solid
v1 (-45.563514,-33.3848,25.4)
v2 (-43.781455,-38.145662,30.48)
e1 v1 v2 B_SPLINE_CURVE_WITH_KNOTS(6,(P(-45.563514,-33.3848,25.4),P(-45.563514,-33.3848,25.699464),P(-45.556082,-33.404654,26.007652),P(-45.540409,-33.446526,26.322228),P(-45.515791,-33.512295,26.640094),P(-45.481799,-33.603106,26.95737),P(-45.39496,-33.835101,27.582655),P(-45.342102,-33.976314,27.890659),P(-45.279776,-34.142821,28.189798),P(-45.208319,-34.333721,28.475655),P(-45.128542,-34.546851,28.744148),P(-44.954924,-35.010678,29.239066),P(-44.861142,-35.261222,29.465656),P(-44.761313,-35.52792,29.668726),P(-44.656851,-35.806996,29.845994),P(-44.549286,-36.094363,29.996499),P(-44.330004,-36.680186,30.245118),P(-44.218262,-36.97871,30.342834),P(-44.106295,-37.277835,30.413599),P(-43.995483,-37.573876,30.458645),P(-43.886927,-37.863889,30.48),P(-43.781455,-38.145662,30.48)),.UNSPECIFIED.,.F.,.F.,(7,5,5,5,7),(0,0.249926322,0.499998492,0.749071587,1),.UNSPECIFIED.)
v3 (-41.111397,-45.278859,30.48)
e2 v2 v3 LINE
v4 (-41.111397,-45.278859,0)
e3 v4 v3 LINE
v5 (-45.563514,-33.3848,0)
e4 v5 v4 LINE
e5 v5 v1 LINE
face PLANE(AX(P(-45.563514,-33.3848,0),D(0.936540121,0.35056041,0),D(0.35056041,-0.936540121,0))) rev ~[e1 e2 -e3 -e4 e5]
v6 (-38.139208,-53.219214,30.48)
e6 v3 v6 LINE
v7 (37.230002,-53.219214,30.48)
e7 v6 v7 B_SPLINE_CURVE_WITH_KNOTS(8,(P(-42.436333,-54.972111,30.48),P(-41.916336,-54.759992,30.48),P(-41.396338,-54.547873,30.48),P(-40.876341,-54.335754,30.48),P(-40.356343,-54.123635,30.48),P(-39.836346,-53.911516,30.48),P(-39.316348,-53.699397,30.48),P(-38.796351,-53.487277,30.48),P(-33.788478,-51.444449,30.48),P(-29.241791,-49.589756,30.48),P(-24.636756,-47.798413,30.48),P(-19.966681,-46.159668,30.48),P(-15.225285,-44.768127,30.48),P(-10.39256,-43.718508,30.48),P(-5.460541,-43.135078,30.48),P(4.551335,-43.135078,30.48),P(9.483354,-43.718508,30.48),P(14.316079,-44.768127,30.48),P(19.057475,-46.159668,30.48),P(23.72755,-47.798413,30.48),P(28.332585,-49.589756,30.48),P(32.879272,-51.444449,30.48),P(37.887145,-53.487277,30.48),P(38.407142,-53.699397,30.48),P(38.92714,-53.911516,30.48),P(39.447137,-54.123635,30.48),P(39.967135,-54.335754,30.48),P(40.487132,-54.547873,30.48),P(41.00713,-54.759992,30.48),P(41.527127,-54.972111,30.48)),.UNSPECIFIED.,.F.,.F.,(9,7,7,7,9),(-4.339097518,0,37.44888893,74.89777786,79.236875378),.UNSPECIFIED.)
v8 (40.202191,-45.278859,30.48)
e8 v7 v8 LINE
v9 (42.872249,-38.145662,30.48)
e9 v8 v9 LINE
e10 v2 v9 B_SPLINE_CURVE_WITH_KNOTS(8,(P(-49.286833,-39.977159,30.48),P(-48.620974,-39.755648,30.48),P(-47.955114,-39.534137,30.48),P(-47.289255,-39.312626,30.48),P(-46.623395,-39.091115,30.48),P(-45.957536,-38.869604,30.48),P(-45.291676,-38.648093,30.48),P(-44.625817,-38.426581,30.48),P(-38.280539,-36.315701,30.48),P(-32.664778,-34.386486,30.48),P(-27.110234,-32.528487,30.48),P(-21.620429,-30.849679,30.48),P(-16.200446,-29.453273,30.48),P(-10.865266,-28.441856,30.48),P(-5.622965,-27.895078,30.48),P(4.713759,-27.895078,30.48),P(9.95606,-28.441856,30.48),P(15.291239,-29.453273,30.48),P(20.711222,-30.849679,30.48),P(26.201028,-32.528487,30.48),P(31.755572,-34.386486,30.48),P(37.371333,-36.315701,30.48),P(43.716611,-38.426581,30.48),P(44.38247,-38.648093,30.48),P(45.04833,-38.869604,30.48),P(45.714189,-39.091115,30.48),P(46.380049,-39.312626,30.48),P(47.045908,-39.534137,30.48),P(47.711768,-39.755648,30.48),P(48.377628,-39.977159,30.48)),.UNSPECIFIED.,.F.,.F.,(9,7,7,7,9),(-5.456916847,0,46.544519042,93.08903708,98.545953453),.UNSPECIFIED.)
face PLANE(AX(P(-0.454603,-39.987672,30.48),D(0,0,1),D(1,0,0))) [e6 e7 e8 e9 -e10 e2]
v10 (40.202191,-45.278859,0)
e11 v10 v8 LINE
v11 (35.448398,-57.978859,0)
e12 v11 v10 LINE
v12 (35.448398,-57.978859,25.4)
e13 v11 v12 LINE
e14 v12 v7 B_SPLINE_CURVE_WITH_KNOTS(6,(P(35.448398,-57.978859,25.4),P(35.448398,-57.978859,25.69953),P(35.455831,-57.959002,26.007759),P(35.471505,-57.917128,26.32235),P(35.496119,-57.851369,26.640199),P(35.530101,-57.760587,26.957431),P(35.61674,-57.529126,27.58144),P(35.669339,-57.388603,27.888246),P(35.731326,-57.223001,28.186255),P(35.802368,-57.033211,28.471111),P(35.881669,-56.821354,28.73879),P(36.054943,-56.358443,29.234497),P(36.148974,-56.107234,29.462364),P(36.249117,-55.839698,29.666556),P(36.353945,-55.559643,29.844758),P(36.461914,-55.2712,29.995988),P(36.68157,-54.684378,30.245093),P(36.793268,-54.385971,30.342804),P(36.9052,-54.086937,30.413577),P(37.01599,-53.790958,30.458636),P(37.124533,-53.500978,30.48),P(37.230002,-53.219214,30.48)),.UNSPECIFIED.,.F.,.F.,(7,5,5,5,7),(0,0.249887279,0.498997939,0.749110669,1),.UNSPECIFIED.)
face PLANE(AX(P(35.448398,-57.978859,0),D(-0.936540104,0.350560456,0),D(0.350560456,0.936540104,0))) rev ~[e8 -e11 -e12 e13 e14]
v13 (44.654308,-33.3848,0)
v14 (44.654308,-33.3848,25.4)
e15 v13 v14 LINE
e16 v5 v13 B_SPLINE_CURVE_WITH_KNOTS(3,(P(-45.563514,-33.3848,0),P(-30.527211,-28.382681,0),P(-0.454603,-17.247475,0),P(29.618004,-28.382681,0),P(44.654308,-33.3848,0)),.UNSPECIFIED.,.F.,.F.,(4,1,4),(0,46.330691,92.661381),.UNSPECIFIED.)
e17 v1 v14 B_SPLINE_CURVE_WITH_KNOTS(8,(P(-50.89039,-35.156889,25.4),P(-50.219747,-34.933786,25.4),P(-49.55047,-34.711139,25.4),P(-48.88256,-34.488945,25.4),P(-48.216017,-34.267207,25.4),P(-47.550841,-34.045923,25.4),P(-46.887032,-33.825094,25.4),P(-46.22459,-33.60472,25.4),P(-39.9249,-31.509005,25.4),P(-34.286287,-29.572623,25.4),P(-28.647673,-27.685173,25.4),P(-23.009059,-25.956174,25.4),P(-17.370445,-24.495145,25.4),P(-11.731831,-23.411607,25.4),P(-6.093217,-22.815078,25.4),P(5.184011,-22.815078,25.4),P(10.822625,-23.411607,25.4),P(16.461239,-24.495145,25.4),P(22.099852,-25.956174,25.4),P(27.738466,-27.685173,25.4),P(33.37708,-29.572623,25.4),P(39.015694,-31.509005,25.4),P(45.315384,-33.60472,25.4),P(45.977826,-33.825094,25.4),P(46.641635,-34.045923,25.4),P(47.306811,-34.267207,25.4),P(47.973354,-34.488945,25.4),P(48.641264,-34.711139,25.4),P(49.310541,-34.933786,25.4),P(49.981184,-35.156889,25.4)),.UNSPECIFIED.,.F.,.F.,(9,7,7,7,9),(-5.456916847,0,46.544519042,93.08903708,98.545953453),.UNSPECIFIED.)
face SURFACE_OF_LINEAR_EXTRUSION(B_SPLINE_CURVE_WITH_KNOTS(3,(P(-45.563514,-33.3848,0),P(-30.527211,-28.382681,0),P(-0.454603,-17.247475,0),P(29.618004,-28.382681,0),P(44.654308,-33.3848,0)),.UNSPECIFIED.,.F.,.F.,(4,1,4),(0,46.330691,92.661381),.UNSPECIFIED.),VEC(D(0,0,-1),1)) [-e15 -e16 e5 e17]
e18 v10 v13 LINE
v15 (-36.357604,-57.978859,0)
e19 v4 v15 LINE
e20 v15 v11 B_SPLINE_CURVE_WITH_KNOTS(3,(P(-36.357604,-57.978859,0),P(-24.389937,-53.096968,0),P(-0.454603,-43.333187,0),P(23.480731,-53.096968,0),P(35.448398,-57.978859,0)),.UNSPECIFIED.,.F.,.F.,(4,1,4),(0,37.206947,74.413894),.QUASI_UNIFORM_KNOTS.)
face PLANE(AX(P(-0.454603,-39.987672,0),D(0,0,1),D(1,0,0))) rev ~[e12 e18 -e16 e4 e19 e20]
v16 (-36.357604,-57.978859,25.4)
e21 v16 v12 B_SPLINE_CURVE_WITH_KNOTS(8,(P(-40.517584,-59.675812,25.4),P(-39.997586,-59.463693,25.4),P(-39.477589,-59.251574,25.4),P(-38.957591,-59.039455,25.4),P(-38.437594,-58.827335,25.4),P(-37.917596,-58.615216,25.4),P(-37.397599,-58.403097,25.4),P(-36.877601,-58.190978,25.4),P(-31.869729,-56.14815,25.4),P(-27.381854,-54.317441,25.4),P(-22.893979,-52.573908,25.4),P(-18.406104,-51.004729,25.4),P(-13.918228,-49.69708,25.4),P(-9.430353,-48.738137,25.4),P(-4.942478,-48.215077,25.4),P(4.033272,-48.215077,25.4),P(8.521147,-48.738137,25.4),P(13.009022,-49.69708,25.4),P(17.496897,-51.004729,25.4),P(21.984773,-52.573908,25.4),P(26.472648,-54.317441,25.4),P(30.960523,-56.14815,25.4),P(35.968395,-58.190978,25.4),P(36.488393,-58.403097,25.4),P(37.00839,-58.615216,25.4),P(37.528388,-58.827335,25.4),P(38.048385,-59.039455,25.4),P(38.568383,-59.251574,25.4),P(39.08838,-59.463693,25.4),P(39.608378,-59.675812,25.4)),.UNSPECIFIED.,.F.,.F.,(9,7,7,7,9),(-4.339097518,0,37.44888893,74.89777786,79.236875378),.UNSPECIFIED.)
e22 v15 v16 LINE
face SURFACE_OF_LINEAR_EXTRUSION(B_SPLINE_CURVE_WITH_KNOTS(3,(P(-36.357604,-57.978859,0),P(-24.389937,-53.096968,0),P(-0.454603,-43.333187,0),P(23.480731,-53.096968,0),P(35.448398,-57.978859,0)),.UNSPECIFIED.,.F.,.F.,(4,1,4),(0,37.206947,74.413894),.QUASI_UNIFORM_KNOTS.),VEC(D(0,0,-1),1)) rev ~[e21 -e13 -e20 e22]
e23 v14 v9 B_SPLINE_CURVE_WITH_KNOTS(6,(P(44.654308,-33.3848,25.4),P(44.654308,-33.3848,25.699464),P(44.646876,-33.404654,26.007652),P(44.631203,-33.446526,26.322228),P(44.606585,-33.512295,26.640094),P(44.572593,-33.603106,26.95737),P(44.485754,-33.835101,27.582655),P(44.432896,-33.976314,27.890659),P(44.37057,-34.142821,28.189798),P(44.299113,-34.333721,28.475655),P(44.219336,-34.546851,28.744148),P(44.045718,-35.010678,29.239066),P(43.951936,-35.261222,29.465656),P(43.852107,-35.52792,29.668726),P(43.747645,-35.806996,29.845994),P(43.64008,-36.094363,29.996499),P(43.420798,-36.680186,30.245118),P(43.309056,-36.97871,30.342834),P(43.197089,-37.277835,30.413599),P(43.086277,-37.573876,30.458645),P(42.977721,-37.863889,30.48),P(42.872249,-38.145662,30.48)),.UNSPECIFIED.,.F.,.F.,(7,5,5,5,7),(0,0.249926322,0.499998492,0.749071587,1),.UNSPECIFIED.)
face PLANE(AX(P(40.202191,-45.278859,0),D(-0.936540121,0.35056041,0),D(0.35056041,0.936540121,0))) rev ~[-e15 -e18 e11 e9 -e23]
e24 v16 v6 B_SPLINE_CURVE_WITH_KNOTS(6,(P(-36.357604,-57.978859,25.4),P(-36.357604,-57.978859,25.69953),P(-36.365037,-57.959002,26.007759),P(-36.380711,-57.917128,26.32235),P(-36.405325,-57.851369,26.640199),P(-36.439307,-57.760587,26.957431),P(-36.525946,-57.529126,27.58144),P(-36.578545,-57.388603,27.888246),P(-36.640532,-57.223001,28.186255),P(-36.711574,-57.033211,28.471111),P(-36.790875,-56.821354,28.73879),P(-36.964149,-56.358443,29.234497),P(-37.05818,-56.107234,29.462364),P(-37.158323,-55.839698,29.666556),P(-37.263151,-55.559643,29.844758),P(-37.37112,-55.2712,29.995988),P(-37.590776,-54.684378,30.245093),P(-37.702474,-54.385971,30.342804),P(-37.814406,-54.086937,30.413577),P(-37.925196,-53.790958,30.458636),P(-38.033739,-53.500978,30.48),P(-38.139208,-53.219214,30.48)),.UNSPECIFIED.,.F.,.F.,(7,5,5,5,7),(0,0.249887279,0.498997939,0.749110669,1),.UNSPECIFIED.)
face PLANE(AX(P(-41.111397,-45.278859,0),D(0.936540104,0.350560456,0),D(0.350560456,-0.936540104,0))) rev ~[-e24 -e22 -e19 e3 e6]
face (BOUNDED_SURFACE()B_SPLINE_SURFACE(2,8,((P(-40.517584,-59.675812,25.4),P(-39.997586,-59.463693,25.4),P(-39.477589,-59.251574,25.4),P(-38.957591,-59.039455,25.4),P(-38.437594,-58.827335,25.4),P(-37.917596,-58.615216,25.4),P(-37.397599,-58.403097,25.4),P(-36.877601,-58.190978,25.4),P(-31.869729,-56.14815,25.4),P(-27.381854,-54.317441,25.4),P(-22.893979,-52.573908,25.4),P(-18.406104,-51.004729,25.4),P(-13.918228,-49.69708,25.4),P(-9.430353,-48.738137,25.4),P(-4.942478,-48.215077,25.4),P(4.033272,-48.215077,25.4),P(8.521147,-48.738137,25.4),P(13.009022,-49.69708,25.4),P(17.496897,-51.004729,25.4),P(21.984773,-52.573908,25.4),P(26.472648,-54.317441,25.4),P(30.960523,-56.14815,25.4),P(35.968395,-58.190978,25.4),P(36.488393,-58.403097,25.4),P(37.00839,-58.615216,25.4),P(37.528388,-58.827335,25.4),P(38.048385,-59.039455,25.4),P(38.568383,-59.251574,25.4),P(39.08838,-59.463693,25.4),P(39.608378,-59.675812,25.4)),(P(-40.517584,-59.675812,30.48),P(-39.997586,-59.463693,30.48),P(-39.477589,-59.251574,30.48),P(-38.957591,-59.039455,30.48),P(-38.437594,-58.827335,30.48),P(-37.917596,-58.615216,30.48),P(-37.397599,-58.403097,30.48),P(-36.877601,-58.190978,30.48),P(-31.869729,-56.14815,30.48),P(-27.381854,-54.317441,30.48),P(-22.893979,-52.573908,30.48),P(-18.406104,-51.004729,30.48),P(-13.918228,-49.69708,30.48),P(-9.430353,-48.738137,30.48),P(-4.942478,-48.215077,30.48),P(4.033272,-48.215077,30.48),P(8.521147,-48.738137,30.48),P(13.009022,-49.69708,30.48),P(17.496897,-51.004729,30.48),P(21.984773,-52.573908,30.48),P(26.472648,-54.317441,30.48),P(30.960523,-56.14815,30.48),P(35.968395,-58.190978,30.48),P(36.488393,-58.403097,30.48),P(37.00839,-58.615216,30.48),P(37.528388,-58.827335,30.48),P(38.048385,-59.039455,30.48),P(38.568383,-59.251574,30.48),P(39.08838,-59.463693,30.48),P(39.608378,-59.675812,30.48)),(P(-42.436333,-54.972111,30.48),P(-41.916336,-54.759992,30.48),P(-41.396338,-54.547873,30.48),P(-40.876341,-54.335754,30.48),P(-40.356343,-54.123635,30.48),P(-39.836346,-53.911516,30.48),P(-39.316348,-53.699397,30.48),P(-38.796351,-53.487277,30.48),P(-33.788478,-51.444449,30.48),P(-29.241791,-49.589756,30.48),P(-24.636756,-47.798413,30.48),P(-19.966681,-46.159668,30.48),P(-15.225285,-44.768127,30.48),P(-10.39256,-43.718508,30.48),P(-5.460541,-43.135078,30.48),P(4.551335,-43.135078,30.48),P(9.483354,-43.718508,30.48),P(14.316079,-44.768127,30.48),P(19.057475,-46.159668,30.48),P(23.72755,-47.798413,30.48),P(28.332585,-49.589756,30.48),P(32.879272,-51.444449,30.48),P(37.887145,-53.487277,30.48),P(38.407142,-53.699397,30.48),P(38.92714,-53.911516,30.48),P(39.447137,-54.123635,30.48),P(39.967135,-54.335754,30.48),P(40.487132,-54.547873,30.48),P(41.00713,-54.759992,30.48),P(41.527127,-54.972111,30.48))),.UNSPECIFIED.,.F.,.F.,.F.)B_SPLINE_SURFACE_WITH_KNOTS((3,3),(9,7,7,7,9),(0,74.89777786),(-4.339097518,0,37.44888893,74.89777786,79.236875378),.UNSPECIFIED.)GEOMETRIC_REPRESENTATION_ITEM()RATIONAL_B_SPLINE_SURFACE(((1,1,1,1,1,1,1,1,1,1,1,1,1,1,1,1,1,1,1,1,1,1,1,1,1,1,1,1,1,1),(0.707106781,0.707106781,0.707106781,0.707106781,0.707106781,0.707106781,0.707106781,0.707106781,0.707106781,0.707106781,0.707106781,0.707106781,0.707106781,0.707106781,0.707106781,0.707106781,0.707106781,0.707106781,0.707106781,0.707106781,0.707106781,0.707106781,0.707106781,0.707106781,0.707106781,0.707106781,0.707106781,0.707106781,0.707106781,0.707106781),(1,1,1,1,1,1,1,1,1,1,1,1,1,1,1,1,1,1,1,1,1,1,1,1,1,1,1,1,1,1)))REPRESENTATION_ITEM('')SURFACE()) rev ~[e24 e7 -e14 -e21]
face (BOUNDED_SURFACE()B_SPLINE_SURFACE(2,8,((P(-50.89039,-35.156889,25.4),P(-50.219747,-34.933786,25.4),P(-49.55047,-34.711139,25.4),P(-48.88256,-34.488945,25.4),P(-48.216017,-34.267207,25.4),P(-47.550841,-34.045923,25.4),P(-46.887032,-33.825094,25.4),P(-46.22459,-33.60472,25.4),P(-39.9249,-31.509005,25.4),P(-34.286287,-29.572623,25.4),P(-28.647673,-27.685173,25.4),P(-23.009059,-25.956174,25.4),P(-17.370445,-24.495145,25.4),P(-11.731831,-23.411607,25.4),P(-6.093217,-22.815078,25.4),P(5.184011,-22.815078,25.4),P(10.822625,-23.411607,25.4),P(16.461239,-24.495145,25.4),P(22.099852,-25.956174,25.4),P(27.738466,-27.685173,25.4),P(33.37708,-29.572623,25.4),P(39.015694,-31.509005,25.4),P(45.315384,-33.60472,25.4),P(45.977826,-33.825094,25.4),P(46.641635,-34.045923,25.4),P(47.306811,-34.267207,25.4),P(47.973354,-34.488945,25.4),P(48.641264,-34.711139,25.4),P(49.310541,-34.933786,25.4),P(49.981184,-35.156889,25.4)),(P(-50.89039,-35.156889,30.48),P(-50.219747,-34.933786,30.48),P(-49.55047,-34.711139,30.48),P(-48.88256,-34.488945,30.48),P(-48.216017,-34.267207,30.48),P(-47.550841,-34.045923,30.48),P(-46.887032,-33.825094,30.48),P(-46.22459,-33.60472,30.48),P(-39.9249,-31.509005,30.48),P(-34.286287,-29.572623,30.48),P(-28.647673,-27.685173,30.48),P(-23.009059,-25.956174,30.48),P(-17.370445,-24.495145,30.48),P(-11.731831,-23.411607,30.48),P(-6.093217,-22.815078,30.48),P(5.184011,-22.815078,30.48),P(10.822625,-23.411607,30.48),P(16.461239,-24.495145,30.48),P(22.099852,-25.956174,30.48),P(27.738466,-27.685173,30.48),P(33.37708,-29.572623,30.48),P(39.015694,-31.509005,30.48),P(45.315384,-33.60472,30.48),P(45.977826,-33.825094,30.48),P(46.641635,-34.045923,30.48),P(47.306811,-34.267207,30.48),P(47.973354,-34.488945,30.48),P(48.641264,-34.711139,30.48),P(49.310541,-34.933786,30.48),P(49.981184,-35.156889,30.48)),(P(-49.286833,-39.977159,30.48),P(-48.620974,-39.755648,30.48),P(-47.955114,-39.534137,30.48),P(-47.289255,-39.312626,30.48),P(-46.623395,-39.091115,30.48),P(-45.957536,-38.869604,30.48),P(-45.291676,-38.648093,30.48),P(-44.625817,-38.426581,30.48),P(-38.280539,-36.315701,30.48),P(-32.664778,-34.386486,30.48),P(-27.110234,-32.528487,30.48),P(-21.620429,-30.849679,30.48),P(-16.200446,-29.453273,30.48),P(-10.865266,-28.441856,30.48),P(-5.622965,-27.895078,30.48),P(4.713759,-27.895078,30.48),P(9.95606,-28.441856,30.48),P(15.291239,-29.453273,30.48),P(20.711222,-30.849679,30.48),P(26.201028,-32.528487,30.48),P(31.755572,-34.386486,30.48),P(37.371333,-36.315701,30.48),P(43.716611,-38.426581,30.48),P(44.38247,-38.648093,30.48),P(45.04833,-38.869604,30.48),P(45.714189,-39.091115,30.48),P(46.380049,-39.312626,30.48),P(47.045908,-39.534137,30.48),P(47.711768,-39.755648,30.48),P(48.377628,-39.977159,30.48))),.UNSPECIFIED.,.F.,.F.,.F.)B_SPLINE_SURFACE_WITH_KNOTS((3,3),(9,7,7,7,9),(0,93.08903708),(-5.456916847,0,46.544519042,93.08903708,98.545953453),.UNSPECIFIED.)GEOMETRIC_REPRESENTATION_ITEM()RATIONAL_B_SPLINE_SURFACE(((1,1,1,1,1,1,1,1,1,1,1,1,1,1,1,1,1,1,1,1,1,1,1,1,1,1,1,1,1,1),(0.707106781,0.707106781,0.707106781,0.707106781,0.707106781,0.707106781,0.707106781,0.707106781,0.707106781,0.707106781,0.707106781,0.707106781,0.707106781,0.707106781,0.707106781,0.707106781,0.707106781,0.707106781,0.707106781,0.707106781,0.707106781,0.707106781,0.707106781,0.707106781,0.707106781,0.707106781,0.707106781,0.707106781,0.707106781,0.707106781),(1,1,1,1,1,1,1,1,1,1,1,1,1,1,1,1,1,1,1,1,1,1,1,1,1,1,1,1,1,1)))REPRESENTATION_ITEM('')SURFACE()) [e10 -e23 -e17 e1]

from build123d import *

# Parameters (mm, degrees)
F1_DEPTH = 30.48
F2_R     = 5.08


with BuildPart() as f1:
    # F0 (on Top) → F1 (new body)
    with BuildSketch(Plane.XY):
        with BuildLine():
            Line((-45.563514, -33.3848), (-41.111397, -45.278859))
            Line((-41.111397, -45.278859), (-36.357604, -57.978859))
            add(Edge.make_bspline(
                [(-36.357604, -57.978859), (-24.389937, -53.096968), (-0.454603, -43.333187), (23.480731, -53.096968), (35.448398, -57.978859)],
                knots=[0, 0, 0, 0, 37.206947, 74.413894, 74.413894, 74.413894, 74.413894], degree=3))
            Line((35.448398, -57.978859), (40.202191, -45.278859))
            Line((40.202191, -45.278859), (44.654308, -33.3848))
            add(Edge.make_bspline(
                [(-45.563514, -33.3848), (-30.527211, -28.382681), (-0.454603, -17.247475), (29.618004, -28.382681), (44.654308, -33.3848)],
                knots=[0, 0, 0, 0, 46.330691, 92.661381, 92.661381, 92.661381, 92.661381], degree=3))
        make_face()
    extrude(amount=F1_DEPTH)

    # F2
    f2_edges = [f1.edges().sort_by_distance(p)[0] for p in [
        (-0.454603, -48.215078, 30.48),
        (-0.454603, -22.815078, 30.48),
    ]]
    fillet(f2_edges, radius=F2_R)


solid = f1.part
